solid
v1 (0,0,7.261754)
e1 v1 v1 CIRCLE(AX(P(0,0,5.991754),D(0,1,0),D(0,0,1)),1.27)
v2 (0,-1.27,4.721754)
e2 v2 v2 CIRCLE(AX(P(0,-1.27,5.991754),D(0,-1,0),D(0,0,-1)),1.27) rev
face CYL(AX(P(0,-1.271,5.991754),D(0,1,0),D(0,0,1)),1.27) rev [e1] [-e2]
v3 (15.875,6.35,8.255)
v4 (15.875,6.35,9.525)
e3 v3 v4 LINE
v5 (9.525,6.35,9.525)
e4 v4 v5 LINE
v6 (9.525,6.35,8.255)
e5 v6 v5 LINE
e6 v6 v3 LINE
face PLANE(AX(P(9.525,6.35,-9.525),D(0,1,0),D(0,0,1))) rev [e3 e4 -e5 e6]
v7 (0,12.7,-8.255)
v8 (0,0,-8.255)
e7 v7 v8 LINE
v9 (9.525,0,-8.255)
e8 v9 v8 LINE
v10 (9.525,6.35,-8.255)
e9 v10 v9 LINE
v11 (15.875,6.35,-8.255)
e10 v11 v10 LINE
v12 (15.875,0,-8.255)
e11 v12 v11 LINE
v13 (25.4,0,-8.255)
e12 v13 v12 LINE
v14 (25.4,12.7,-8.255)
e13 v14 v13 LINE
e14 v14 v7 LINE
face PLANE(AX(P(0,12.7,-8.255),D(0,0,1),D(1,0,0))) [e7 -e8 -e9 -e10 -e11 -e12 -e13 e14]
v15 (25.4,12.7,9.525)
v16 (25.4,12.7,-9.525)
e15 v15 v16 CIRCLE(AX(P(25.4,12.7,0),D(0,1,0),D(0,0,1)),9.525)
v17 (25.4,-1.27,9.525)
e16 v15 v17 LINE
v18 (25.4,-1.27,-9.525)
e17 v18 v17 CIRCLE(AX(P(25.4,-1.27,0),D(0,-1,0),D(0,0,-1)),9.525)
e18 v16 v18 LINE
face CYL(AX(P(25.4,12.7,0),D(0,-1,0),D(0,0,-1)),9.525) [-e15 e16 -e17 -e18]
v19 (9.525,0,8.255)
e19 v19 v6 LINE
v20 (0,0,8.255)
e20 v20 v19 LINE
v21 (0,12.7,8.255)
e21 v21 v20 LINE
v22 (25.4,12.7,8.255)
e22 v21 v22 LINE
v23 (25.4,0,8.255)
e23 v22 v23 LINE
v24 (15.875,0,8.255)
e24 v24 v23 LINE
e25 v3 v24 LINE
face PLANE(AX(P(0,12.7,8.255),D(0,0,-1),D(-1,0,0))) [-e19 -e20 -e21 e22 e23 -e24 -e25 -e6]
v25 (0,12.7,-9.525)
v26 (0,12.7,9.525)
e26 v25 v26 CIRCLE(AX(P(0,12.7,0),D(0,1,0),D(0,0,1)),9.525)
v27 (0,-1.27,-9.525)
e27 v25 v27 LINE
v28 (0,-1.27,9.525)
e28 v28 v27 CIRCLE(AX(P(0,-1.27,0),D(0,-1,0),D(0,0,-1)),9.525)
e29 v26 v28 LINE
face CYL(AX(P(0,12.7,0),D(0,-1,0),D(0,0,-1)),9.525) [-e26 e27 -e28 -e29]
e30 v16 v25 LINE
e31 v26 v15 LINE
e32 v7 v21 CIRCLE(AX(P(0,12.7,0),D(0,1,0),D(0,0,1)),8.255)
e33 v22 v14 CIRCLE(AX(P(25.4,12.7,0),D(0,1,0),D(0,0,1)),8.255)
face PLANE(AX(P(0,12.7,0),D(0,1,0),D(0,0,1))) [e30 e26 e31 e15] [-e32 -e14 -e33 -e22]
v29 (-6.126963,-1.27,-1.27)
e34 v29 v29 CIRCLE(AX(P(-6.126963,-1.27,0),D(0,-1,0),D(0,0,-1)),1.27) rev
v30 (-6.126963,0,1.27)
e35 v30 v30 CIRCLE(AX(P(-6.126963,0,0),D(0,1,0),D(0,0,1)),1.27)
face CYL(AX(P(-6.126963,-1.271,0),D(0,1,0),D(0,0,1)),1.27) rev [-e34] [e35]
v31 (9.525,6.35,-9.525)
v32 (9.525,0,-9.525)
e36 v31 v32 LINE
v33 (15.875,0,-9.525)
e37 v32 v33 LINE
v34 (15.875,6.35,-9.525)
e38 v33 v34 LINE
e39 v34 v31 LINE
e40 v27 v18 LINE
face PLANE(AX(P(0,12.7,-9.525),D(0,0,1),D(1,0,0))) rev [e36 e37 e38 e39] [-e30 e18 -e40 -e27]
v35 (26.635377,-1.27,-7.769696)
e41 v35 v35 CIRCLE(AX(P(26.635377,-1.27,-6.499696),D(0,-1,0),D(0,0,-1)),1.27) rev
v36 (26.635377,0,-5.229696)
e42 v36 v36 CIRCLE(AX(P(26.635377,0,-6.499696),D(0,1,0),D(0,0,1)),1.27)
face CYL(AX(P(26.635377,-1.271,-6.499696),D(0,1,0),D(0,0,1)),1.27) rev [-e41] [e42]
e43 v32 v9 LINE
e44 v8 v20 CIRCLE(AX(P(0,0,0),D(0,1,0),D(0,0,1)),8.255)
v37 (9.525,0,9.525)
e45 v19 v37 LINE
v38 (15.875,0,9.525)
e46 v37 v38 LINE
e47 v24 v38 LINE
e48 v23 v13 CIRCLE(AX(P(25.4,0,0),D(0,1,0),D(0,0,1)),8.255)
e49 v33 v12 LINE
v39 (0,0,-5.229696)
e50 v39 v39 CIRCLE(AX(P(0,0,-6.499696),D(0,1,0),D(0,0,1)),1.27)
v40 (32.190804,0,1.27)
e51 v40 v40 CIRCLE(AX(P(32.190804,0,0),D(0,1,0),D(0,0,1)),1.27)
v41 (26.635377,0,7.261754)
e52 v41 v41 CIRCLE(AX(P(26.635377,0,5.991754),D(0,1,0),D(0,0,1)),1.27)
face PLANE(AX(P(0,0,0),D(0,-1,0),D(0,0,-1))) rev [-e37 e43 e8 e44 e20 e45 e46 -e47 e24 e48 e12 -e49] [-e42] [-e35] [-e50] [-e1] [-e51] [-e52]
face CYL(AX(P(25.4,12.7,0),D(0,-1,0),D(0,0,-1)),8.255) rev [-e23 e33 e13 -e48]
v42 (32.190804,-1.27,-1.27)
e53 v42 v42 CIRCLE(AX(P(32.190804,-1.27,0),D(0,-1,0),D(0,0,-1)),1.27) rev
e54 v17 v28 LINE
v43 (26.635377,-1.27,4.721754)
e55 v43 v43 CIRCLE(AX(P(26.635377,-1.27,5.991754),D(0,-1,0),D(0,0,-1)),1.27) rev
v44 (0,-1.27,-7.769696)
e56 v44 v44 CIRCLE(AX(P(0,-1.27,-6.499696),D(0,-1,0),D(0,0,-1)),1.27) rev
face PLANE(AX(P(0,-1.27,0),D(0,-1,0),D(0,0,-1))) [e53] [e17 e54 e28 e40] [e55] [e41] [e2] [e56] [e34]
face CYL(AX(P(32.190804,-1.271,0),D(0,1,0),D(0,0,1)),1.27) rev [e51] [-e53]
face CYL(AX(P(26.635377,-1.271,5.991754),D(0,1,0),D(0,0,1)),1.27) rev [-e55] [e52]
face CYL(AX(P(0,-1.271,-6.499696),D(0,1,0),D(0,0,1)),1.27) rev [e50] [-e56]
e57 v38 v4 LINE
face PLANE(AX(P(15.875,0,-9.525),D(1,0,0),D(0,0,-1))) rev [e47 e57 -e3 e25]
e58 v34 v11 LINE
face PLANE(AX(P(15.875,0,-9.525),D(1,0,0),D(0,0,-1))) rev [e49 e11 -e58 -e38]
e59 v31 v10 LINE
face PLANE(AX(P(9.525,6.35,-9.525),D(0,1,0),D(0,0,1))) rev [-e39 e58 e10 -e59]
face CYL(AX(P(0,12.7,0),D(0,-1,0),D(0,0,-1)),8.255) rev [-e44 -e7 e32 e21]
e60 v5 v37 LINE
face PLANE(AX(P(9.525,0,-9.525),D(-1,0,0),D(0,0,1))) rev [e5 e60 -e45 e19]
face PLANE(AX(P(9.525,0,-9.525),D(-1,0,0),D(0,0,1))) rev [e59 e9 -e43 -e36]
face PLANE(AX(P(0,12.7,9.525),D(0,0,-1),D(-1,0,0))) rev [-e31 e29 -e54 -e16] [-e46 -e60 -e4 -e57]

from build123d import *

# Parameters (mm, degrees)
BOSS_EXTRUDE1_DEPTH = 12.7
BOSS_EXTRUDE2_START = 1.27
BOSS_EXTRUDE2_DEPTH = 1.27
SKETCH4_W           = 6.35
SKETCH4_H           = 6.35
CUT_EXTRUDE1_DEPTH  = 42.760604941
CUT_EXTRUDE2_REACH  = 40.364
SKETCH5_R           = 1.27


with BuildPart() as part:
    # Sketch2 → Boss-Extrude1 (new body)
    with BuildSketch(Plane(origin=(0, 0, 0), x_dir=(1, 0, 0), z_dir=(0, 1, 0))):
        with BuildLine():
            Line((0, 9.525), (25.4, 9.525))
            ThreePointArc((25.4, 9.525), (34.925, 0), (25.4, -9.525))
            Line((25.4, -9.525), (0, -9.525))
            ThreePointArc((0, -9.525), (-9.525, 0), (0, 9.525))
        make_face()
        with BuildLine():
            Line((0, 8.255), (25.4, 8.255))
            ThreePointArc((25.4, 8.255), (33.655, 0), (25.4, -8.255))
            Line((25.4, -8.255), (0, -8.255))
            ThreePointArc((0, -8.255), (-8.255, 0), (0, 8.255))
        make_face(mode=Mode.SUBTRACT)
    extrude(amount=BOSS_EXTRUDE1_DEPTH)

    # Sketch3 → Boss-Extrude2 (add)
    with BuildSketch(Plane.XZ.offset(BOSS_EXTRUDE2_START)):
        with BuildLine():
            Line((0, 9.525), (25.4, 9.525))
            ThreePointArc((25.4, 9.525), (34.925, 0), (25.4, -9.525))
            Line((25.4, -9.525), (0, -9.525))
            ThreePointArc((0, -9.525), (-9.525, 0), (0, 9.525))
        make_face()
    extrude(amount=-BOSS_EXTRUDE2_DEPTH)

    # Sketch4 → Cut-Extrude1 (cut, through all)
    with BuildSketch(Plane.XY.offset(9.525)):
        with Locations((12.7, 3.175)):
            Rectangle(SKETCH4_W, SKETCH4_H)
    extrude(amount=-CUT_EXTRUDE1_DEPTH, mode=Mode.SUBTRACT)

    # Sketch5 → Cut-Extrude2 (cut, up to next)
    with BuildSketch(Plane(origin=(0, 0, 0), x_dir=(1, 0, 0), z_dir=(0, 1, 0)), mode=Mode.PRIVATE) as cut_extrude2_sk1:
        with Locations(Location((-6.12696281, 0, 0), (0, 0, 270))):
            Circle(SKETCH5_R)
    cut_extrude2_tool1 = extrude(cut_extrude2_sk1.sketch, amount=-CUT_EXTRUDE2_REACH, mode=Mode.PRIVATE) & part.part
    # Sketch5 → Cut-Extrude2 (cut, up to next)
    with BuildSketch(Plane(origin=(0, 0, 0), x_dir=(1, 0, 0), z_dir=(0, 1, 0)), mode=Mode.PRIVATE) as cut_extrude2_sk2:
        with Locations(Location((32.190803921, 0, 0), (0, 0, 270))):
            Circle(SKETCH5_R)
    cut_extrude2_tool2 = extrude(cut_extrude2_sk2.sketch, amount=-CUT_EXTRUDE2_REACH, mode=Mode.PRIVATE) & part.part
    # Sketch5 → Cut-Extrude2 (cut, up to next)
    with BuildSketch(Plane(origin=(0, 0, 0), x_dir=(1, 0, 0), z_dir=(0, 1, 0)), mode=Mode.PRIVATE) as cut_extrude2_sk3:
        with Locations(Location((0, 6.499696211, 0), (0, 0, 270))):
            Circle(SKETCH5_R)
    cut_extrude2_tool3 = extrude(cut_extrude2_sk3.sketch, amount=-CUT_EXTRUDE2_REACH, mode=Mode.PRIVATE) & part.part
    # Sketch5 → Cut-Extrude2 (cut, up to next)
    with BuildSketch(Plane(origin=(0, 0, 0), x_dir=(1, 0, 0), z_dir=(0, 1, 0)), mode=Mode.PRIVATE) as cut_extrude2_sk4:
        with Locations(Location((0, -5.991753651, 0), (0, 0, 270))):
            Circle(SKETCH5_R)
    cut_extrude2_tool4 = extrude(cut_extrude2_sk4.sketch, amount=-CUT_EXTRUDE2_REACH, mode=Mode.PRIVATE) & part.part
    # Sketch5 → Cut-Extrude2 (cut, up to next)
    with BuildSketch(Plane(origin=(0, 0, 0), x_dir=(1, 0, 0), z_dir=(0, 1, 0)), mode=Mode.PRIVATE) as cut_extrude2_sk5:
        with Locations(Location((26.63537738, 6.499696211, 0), (0, 0, 270))):
            Circle(SKETCH5_R)
    cut_extrude2_tool5 = extrude(cut_extrude2_sk5.sketch, amount=-CUT_EXTRUDE2_REACH, mode=Mode.PRIVATE) & part.part
    # Sketch5 → Cut-Extrude2 (cut, up to next)
    with BuildSketch(Plane(origin=(0, 0, 0), x_dir=(1, 0, 0), z_dir=(0, 1, 0)), mode=Mode.PRIVATE) as cut_extrude2_sk6:
        with Locations(Location((26.63537738, -5.991753651, 0), (0, 0, 270))):
            Circle(SKETCH5_R)
    cut_extrude2_tool6 = extrude(cut_extrude2_sk6.sketch, amount=-CUT_EXTRUDE2_REACH, mode=Mode.PRIVATE) & part.part
    add(cut_extrude2_tool1.solids().sort_by_distance((-6.126963, 0, 0))[0], mode=Mode.SUBTRACT)
    add(cut_extrude2_tool2.solids().sort_by_distance((32.190804, 0, 0))[0], mode=Mode.SUBTRACT)
    add(cut_extrude2_tool3.solids().sort_by_distance((0, 0, -6.499696))[0], mode=Mode.SUBTRACT)
    add(cut_extrude2_tool4.solids().sort_by_distance((0, 0, 5.991754))[0], mode=Mode.SUBTRACT)
    add(cut_extrude2_tool5.solids().sort_by_distance((26.635377, 0, -6.499696))[0], mode=Mode.SUBTRACT)
    add(cut_extrude2_tool6.solids().sort_by_distance((26.635377, 0, 5.991754))[0], mode=Mode.SUBTRACT)


solid = part.part
